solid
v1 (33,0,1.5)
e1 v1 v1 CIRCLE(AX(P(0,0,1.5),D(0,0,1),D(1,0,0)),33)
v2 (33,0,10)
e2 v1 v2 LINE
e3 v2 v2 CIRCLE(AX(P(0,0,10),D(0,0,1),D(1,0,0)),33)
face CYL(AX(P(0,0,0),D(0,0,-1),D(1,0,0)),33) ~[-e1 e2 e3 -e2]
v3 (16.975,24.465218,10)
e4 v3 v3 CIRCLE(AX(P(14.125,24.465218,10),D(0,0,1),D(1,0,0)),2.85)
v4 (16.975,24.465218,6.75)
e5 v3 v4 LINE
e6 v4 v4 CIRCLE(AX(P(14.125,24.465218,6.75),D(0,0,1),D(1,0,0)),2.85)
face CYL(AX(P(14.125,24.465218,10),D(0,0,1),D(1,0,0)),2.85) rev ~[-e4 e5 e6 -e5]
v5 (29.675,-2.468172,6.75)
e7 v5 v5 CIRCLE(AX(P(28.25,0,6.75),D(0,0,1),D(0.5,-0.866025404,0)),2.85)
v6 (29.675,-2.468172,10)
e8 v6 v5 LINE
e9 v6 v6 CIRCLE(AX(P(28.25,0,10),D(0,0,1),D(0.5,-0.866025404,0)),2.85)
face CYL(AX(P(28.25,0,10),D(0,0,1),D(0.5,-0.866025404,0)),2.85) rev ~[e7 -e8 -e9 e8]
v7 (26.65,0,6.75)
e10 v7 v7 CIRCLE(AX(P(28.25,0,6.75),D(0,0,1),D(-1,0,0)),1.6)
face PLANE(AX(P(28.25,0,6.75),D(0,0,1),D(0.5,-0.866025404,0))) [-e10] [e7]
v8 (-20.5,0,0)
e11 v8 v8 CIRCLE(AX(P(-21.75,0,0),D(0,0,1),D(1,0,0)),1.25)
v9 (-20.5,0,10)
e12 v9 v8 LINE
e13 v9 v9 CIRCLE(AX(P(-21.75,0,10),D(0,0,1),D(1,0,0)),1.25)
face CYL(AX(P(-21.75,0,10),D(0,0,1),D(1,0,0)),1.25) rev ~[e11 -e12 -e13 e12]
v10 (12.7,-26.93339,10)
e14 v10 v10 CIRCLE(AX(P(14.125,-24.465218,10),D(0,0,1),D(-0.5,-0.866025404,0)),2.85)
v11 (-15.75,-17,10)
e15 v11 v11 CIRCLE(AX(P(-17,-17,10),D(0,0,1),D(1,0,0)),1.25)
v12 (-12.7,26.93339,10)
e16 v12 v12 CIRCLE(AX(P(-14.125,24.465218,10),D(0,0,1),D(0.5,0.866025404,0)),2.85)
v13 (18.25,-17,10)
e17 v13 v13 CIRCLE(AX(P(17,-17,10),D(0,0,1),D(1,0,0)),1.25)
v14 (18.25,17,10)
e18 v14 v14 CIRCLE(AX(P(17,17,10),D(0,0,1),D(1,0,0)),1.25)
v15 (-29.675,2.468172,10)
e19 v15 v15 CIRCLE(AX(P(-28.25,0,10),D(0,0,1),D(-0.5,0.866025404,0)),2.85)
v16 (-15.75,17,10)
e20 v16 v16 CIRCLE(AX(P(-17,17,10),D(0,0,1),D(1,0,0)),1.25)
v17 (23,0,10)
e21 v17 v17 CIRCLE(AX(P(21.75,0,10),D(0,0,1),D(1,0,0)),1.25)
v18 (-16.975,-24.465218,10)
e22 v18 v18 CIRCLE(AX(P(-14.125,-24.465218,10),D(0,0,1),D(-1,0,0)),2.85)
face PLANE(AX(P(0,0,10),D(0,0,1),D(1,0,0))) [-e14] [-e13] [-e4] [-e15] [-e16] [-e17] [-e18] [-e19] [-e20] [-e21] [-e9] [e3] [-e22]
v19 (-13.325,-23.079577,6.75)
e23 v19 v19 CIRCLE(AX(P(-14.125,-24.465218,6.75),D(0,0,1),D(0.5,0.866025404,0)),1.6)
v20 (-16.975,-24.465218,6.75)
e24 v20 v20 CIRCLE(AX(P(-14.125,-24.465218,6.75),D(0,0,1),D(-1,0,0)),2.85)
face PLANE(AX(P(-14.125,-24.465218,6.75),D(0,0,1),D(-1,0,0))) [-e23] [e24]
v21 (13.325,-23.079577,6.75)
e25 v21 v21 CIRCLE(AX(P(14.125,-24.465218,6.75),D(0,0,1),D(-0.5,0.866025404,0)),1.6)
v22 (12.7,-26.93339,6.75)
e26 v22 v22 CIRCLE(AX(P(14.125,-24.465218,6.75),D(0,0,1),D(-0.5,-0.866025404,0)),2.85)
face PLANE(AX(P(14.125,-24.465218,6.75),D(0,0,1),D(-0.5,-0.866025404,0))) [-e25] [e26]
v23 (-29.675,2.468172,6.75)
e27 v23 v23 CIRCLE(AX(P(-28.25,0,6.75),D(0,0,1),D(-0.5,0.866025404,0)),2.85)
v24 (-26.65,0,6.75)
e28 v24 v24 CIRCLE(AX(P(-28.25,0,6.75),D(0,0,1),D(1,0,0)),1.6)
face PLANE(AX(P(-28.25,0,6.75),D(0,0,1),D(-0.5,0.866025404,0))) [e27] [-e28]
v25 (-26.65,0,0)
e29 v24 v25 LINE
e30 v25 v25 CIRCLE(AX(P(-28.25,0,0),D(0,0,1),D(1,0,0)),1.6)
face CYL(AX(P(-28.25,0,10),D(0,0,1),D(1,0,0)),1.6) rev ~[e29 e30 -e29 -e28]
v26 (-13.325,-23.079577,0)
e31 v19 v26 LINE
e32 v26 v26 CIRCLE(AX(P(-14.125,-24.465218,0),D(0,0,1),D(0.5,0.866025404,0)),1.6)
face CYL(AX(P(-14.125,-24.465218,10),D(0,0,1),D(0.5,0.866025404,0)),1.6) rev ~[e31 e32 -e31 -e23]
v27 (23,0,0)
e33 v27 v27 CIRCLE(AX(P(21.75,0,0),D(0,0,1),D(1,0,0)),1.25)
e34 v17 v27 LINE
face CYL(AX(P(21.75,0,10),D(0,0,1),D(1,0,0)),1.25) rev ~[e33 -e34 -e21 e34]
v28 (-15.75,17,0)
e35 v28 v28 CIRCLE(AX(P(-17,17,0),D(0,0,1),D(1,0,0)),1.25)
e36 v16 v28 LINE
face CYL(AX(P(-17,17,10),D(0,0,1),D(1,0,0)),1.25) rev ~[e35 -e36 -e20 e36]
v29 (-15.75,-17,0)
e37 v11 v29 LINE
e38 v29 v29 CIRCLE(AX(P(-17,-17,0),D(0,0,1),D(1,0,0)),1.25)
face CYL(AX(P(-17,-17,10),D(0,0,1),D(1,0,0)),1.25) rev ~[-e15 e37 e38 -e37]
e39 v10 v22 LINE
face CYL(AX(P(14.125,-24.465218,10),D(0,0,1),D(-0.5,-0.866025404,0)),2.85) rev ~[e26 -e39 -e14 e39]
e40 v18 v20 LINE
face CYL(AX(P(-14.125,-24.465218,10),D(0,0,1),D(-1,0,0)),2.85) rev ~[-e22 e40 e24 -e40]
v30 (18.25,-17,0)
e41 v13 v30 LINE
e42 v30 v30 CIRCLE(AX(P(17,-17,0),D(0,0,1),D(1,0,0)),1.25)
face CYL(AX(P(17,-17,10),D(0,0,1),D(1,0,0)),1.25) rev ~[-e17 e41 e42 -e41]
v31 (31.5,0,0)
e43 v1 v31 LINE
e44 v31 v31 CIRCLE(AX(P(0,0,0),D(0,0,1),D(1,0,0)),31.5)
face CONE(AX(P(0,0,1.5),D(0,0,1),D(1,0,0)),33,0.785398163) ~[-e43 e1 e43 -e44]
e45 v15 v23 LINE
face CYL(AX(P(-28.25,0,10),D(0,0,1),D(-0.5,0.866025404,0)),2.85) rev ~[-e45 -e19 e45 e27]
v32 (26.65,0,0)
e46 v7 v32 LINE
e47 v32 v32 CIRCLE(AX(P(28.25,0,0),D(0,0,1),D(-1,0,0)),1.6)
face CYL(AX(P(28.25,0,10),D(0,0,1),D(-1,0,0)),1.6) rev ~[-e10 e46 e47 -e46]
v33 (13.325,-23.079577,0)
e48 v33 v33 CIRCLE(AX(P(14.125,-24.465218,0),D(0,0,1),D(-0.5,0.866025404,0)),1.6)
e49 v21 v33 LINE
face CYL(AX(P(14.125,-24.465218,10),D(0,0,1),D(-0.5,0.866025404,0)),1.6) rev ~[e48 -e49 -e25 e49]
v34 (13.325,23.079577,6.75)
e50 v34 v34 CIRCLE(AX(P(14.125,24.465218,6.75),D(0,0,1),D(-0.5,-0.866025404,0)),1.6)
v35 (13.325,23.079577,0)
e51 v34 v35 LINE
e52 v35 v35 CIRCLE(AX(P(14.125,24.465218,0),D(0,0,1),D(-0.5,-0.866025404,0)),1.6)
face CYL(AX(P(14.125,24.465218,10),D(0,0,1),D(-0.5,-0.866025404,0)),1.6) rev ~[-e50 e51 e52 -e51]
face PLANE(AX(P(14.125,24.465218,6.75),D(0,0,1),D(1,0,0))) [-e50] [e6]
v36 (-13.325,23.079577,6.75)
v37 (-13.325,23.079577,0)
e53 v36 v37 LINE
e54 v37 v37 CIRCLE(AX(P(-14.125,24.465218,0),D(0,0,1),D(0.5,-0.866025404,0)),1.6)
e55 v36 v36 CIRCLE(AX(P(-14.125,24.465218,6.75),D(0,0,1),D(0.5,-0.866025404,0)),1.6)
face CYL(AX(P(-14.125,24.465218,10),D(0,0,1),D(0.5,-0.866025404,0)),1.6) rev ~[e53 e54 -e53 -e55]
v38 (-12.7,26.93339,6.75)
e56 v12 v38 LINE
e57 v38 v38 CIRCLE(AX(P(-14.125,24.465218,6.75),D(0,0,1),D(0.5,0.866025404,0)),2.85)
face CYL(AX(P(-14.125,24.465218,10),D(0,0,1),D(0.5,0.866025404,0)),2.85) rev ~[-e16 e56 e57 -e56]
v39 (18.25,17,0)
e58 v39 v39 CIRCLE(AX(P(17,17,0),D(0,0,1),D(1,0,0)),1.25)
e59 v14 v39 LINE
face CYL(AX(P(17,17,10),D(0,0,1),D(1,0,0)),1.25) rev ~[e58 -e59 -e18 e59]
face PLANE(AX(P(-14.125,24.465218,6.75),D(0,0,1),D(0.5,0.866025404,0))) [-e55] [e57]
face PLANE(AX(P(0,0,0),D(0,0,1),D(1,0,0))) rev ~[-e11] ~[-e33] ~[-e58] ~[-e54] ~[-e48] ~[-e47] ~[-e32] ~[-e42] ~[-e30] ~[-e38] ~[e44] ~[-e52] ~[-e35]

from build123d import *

# Parameters (mm, degrees)
SKETCH003_R           = 33
PAD_DEPTH             = 10
CHAMFER_SIZE          = 1.5
SKETCH_R              = 1.6
POCKET_DEPTH          = 197.745507
POLARPATTERN_COUNT    = 6
SKETCH001_R           = 2.85
POCKET001_DEPTH       = 3.25
POLARPATTERN001_COUNT = 6
SKETCH002_R           = 1.25
POCKET002_DEPTH       = 10.001
SKETCH004_R           = 1.25
POCKET003_DEPTH       = 10.001


with BuildPart() as part:
    # Sketch003 → Pad (new body)
    with BuildSketch(Plane.XY):
        Circle(SKETCH003_R)
    extrude(amount=PAD_DEPTH)

    # Chamfer
    chamfer_edges = [part.edges().sort_by_distance(p)[0] for p in [
        (-33, 0, 0),
    ]]
    chamfer(chamfer_edges, length=CHAMFER_SIZE)

    # Sketch → Pocket (cut, through all)
    with BuildSketch(Plane.XY.offset(10)):
        with Locations((-28.25, 0)):
            Circle(SKETCH_R)
    pocket = extrude(amount=-POCKET_DEPTH, mode=Mode.SUBTRACT)

    # PolarPattern: Pocket ×6 about axis
    polarpattern_axis = Axis((0, 0, 10), (0, 0, 1))
    for i in range(1, POLARPATTERN_COUNT):
        add(pocket.rotate(polarpattern_axis, i * 360 / POLARPATTERN_COUNT), mode=Mode.SUBTRACT)

    # Sketch001 → Pocket001 (cut)
    with BuildSketch(Plane.XY.offset(10)):
        with Locations((14.125, 24.465218)):
            Circle(SKETCH001_R)
    pocket001 = extrude(amount=-POCKET001_DEPTH, mode=Mode.SUBTRACT)

    # PolarPattern001: Pocket001 ×6 about axis
    polarpattern001_axis = Axis((0, 0, 10), (0, 0, 1))
    for i in range(1, POLARPATTERN001_COUNT):
        add(pocket001.rotate(polarpattern001_axis, i * 360 / POLARPATTERN001_COUNT), mode=Mode.SUBTRACT)

    # Sketch002 → Pocket002 (cut, through all)
    with BuildSketch(Plane.XY.offset(10)):
        with Locations((-17, 17)):
            Circle(SKETCH002_R)
        with Locations((17, 17)):
            Circle(SKETCH002_R)
        with Locations((-17, -17)):
            Circle(SKETCH002_R)
        with Locations((17, -17)):
            Circle(SKETCH002_R)
    extrude(amount=-POCKET002_DEPTH, mode=Mode.SUBTRACT)

    # Sketch004 → Pocket003 (cut, through all)
    with BuildSketch(Plane.XY.offset(10)):
        with Locations((-21.75, 0)):
            Circle(SKETCH004_R)
        with Locations((21.75, 0)):
            Circle(SKETCH004_R)
    extrude(amount=-POCKET003_DEPTH, mode=Mode.SUBTRACT)


solid = part.part
